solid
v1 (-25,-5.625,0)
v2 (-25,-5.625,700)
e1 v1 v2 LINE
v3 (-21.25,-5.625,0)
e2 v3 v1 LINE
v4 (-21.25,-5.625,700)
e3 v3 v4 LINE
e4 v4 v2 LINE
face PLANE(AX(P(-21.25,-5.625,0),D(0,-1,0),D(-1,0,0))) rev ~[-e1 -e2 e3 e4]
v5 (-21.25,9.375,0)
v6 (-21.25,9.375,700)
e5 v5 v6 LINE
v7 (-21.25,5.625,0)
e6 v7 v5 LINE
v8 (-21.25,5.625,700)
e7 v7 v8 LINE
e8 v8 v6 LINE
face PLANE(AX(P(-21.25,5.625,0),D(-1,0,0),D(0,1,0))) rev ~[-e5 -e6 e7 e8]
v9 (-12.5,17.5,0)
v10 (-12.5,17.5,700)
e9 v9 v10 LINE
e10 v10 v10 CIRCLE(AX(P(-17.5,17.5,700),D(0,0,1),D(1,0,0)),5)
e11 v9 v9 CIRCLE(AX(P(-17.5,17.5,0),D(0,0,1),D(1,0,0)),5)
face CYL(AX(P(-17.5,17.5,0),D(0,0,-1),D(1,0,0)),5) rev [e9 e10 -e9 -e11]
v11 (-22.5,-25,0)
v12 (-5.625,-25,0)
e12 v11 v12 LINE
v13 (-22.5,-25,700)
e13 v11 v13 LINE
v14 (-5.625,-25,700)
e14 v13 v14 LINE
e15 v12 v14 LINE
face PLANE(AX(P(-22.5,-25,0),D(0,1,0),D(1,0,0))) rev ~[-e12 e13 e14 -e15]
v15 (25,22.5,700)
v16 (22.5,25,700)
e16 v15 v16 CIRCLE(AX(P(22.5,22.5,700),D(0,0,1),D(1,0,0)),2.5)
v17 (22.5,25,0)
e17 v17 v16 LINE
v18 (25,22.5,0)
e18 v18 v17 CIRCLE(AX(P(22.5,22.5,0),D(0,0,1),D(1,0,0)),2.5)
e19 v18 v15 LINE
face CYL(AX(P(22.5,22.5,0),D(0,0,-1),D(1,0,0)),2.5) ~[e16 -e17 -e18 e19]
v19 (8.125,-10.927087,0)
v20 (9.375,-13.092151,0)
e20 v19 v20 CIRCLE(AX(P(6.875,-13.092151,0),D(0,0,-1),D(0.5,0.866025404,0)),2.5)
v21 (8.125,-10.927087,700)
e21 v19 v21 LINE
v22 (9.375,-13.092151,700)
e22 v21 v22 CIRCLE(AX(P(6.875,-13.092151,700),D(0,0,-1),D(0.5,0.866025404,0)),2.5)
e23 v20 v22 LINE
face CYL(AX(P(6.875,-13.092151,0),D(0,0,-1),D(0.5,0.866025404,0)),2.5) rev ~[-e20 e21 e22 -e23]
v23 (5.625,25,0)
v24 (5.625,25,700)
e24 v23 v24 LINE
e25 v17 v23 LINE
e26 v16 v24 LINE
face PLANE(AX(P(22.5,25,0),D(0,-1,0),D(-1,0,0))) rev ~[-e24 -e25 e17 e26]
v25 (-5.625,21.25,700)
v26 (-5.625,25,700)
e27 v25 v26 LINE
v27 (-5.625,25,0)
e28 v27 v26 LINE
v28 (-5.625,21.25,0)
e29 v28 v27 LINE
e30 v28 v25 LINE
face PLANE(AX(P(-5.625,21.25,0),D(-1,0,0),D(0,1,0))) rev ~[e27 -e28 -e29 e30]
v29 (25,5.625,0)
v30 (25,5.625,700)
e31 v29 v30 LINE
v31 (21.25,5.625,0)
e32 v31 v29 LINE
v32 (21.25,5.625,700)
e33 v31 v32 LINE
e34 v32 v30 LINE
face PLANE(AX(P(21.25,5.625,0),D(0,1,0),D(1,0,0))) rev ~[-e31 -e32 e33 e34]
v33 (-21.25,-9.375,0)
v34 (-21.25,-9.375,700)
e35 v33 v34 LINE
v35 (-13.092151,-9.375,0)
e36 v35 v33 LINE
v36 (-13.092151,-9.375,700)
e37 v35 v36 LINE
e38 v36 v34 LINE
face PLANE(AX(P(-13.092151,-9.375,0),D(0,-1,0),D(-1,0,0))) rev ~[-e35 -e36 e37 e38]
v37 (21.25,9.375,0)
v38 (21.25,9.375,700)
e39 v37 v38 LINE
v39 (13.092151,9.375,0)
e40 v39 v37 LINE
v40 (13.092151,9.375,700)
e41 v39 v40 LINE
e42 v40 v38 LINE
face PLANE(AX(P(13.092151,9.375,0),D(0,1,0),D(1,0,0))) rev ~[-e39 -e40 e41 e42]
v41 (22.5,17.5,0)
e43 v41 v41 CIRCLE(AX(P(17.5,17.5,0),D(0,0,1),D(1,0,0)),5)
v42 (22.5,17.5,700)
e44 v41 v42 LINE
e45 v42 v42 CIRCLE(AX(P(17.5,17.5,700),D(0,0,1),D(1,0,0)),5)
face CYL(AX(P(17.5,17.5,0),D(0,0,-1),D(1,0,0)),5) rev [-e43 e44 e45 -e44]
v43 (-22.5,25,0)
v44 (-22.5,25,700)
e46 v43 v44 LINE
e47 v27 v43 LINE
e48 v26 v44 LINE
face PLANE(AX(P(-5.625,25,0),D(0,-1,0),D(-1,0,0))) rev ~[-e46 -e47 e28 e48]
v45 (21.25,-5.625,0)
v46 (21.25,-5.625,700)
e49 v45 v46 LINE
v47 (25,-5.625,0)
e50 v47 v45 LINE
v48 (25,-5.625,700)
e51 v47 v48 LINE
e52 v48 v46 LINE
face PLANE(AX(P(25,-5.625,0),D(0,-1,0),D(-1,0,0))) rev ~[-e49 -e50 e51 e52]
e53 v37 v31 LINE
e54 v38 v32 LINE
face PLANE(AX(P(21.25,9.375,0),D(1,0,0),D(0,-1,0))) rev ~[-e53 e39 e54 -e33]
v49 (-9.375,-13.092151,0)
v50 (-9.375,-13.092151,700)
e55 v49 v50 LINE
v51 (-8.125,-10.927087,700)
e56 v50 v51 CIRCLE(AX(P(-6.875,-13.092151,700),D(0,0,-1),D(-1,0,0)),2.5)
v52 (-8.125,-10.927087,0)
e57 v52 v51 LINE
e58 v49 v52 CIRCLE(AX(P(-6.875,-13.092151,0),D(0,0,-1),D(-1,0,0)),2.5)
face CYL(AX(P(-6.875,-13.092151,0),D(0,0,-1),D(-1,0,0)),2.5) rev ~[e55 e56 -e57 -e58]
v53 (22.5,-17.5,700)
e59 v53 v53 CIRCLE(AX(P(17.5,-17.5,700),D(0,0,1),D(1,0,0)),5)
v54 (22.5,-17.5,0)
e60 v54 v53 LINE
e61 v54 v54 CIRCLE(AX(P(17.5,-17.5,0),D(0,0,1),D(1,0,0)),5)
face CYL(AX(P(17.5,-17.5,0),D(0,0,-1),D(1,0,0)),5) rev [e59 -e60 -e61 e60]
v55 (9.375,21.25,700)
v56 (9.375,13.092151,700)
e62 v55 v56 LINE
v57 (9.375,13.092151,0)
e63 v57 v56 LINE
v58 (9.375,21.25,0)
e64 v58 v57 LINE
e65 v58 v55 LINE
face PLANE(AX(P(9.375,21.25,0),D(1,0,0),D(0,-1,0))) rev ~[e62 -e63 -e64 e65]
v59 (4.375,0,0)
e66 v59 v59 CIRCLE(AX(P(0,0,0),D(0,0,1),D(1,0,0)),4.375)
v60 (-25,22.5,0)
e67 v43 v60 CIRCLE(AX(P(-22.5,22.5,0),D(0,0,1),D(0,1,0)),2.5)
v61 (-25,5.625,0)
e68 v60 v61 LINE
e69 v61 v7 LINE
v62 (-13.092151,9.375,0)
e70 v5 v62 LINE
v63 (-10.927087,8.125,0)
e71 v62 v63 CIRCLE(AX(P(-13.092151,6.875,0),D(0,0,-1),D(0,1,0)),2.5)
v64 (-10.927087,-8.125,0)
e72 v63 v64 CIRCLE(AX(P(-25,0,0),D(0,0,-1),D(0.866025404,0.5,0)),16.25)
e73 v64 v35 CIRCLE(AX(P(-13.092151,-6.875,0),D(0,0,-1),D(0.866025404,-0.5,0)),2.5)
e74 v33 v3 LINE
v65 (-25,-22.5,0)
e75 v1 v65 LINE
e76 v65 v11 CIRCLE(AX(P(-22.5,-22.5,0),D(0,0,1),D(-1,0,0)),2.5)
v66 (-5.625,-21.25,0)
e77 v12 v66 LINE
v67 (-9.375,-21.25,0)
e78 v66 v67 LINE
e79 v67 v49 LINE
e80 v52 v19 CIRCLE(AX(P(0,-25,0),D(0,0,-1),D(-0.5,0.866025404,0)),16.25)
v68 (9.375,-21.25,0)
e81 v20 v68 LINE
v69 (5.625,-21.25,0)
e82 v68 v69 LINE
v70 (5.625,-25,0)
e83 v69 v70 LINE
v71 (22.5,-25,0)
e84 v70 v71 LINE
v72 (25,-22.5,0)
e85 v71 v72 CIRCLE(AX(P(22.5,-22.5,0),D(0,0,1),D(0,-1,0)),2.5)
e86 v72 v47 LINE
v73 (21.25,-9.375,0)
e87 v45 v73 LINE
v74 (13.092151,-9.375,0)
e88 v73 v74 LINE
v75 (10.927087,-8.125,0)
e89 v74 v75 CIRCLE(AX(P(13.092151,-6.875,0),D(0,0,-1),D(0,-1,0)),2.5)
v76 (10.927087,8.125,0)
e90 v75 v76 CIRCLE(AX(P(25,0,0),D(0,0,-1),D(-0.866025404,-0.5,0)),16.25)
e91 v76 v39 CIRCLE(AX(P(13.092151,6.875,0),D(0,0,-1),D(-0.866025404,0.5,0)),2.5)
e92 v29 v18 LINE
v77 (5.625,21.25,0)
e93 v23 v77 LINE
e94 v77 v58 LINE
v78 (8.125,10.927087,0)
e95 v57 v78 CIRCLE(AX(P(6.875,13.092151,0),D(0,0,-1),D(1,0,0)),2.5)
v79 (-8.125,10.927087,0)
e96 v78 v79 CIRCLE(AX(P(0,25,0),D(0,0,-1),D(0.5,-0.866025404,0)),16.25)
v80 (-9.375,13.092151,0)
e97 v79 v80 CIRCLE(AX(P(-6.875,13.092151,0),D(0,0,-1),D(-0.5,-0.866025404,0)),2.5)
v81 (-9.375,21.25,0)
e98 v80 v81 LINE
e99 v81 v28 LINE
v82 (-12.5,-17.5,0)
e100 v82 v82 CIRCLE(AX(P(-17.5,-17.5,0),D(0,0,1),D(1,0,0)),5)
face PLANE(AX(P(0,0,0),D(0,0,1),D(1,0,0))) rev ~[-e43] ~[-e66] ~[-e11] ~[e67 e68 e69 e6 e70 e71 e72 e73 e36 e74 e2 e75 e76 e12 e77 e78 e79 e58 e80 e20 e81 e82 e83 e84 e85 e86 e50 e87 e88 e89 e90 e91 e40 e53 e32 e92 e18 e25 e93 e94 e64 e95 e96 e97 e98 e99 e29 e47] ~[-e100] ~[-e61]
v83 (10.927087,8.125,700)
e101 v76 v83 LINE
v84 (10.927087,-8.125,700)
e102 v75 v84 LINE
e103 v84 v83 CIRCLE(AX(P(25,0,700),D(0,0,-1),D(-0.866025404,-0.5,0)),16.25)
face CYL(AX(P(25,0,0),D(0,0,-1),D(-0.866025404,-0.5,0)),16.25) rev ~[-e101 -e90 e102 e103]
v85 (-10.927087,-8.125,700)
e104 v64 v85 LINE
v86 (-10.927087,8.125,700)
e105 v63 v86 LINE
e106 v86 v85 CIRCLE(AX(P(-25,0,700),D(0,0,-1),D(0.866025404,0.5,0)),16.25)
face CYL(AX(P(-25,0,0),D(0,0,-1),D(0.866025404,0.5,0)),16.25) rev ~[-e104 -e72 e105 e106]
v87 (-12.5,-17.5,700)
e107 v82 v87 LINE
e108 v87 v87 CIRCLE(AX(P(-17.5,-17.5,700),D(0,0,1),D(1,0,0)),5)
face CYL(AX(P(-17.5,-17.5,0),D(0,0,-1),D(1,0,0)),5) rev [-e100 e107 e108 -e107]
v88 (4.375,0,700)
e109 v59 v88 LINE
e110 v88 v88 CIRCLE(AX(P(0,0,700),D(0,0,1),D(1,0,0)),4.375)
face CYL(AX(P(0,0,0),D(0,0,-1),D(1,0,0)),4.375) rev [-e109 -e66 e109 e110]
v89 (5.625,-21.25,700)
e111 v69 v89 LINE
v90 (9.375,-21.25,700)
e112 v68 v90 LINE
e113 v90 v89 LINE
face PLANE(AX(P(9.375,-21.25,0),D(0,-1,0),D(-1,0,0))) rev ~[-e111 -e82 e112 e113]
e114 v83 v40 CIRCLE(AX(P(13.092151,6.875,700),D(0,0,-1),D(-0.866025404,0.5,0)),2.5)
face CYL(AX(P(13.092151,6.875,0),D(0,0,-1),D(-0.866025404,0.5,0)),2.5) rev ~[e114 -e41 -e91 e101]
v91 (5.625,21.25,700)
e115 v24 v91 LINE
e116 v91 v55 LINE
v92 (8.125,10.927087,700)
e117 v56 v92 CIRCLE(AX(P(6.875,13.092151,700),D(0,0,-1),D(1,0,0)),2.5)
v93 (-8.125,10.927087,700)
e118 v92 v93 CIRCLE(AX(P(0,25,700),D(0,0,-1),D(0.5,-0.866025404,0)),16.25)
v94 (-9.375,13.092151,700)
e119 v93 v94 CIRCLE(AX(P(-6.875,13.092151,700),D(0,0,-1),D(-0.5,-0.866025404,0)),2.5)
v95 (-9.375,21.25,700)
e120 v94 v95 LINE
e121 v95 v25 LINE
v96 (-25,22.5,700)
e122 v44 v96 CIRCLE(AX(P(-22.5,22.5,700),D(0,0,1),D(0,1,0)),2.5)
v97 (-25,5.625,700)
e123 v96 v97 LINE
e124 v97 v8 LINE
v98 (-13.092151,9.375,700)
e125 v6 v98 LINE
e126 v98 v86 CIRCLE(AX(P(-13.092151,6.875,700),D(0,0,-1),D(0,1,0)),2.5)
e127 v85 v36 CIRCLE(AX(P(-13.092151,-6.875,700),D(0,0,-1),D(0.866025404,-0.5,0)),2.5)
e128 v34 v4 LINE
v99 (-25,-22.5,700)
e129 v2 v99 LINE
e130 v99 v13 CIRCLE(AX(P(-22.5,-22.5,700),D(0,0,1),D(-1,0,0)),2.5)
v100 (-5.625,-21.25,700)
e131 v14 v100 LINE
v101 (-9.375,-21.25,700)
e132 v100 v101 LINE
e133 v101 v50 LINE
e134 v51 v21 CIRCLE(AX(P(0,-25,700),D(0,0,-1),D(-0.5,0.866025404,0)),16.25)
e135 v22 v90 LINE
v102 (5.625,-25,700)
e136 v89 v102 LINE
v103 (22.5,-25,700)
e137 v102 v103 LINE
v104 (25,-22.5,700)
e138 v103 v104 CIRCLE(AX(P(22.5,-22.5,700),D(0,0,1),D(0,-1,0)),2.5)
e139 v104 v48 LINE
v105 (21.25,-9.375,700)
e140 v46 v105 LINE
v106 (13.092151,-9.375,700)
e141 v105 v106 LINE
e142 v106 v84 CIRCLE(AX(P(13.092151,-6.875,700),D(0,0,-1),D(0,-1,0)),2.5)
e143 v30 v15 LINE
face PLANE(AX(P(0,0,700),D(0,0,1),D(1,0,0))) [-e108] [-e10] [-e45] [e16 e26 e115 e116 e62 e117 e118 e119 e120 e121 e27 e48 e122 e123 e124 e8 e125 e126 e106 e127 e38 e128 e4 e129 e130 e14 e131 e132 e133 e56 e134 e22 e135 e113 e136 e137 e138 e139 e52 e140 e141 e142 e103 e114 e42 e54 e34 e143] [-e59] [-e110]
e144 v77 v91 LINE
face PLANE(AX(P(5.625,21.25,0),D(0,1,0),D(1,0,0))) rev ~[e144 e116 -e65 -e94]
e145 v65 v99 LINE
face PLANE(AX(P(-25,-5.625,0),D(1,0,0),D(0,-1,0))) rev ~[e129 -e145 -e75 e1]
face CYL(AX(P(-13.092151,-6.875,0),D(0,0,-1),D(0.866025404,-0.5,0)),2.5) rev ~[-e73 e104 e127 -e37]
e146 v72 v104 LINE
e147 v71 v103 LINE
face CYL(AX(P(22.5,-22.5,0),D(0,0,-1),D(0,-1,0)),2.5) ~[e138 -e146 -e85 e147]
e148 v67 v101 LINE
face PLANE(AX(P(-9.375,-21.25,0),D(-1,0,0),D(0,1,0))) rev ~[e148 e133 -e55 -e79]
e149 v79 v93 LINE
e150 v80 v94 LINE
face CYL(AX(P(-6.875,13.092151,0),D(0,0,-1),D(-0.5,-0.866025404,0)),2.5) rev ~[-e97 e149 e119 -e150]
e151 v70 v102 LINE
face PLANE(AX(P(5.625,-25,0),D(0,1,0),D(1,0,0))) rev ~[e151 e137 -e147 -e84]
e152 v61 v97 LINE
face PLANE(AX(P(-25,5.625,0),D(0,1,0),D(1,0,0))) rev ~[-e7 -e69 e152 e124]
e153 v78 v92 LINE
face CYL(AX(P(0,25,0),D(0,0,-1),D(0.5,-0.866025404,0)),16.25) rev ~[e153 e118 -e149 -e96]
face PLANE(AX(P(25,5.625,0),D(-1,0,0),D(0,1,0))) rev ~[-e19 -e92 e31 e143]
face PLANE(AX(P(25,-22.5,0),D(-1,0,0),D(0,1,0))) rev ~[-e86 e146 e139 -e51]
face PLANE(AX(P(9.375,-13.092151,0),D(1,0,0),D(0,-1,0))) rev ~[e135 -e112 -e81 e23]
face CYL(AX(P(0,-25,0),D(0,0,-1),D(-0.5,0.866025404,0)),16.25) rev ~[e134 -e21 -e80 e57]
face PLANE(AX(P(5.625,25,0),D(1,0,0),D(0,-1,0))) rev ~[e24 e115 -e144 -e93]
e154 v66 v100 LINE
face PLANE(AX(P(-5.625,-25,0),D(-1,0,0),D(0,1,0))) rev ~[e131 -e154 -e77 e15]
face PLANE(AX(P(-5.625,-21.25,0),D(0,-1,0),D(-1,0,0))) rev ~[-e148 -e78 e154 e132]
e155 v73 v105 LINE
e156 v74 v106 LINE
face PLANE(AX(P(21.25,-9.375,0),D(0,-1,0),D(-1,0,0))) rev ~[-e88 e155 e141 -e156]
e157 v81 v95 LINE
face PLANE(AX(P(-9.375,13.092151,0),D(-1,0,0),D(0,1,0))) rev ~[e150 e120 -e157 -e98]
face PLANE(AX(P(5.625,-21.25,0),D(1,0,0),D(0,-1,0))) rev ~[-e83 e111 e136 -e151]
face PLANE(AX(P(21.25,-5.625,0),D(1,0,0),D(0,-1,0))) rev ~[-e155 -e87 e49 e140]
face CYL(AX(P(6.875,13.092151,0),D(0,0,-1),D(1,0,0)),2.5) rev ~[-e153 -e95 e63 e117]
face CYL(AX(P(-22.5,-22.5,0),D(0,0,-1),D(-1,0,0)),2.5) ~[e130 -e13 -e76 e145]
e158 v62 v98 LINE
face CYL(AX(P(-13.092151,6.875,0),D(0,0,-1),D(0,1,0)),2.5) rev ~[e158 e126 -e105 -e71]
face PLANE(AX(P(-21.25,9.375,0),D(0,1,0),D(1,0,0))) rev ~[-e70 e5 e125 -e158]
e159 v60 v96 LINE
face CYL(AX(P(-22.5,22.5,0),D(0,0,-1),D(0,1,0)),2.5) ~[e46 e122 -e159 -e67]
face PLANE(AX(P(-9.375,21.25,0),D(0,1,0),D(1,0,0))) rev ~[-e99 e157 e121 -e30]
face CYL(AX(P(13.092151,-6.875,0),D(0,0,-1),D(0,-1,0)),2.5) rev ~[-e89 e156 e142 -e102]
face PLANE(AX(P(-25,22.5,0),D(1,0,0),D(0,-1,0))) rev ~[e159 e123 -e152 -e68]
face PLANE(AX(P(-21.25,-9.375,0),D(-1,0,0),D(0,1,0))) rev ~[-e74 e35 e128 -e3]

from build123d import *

# Parameters (mm, degrees)
SKETCH1_R           = 5
SKETCH1_R_2         = 4.375
BOSS_EXTRUDE1_DEPTH = 700


with BuildPart() as part:
    # Sketch1 → Boss-Extrude1 (new body)
    with BuildSketch(Plane.XY):
        with BuildLine():
            Line((-25, 22.5), (-25, 5.625))
            Line((-25, 5.625), (-21.25, 5.625))
            Line((-21.25, 5.625), (-21.25, 9.375))
            Line((-21.25, 9.375), (-13.092150698, 9.375))
            ThreePointArc((-13.092150698, 9.375), (-11.842150698, 9.040063509), (-10.927087189, 8.125))
            ThreePointArc((-10.927087189, 8.125), (-8.75, 0), (-10.927087189, -8.125))
            ThreePointArc((-10.927087189, -8.125), (-11.842150698, -9.040063509), (-13.092150698, -9.375))
            Line((-13.092150698, -9.375), (-21.25, -9.375))
            Line((-21.25, -9.375), (-21.25, -5.625))
            Line((-21.25, -5.625), (-25, -5.625))
            Line((-25, -5.625), (-25, -22.5))
            ThreePointArc((-25, -22.5), (-24.267766953, -24.267766953), (-22.5, -25))
            Line((-22.5, -25), (-5.625, -25))
            Line((-5.625, -25), (-5.625, -21.25))
            Line((-5.625, -21.25), (-9.375, -21.25))
            Line((-9.375, -21.25), (-9.375, -13.092150698))
            ThreePointArc((-9.375, -13.092150698), (-9.040063509, -11.842150698), (-8.125, -10.927087189))
            ThreePointArc((-8.125, -10.927087189), (0, -8.75), (8.125, -10.927087189))
            ThreePointArc((8.125, -10.927087189), (9.040063509, -11.842150698), (9.375, -13.092150698))
            Line((9.375, -13.092150698), (9.375, -21.25))
            Line((9.375, -21.25), (5.625, -21.25))
            Line((5.625, -21.25), (5.625, -25))
            Line((5.625, -25), (22.5, -25))
            ThreePointArc((22.5, -25), (24.267766953, -24.267766953), (25, -22.5))
            Line((25, -22.5), (25, -5.625))
            Line((25, -5.625), (21.25, -5.625))
            Line((21.25, -5.625), (21.25, -9.375))
            Line((21.25, -9.375), (13.092150698, -9.375))
            ThreePointArc((13.092150698, -9.375), (11.842150698, -9.040063509), (10.927087189, -8.125))
            ThreePointArc((10.927087189, -8.125), (8.75, 0), (10.927087189, 8.125))
            ThreePointArc((10.927087189, 8.125), (11.842150698, 9.040063509), (13.092150698, 9.375))
            Line((13.092150698, 9.375), (21.25, 9.375))
            Line((21.25, 9.375), (21.25, 5.625))
            Line((21.25, 5.625), (25, 5.625))
            Line((25, 5.625), (25, 22.5))
            ThreePointArc((25, 22.5), (24.267766953, 24.267766953), (22.5, 25))
            Line((22.5, 25), (5.625, 25))
            Line((5.625, 25), (5.625, 21.25))
            Line((5.625, 21.25), (9.375, 21.25))
            Line((9.375, 21.25), (9.375, 13.092150698))
            ThreePointArc((9.375, 13.092150698), (9.040063509, 11.842150698), (8.125, 10.927087189))
            ThreePointArc((8.125, 10.927087189), (0, 8.75), (-8.125, 10.927087189))
            ThreePointArc((-8.125, 10.927087189), (-9.040063509, 11.842150698), (-9.375, 13.092150698))
            Line((-9.375, 13.092150698), (-9.375, 21.25))
            Line((-9.375, 21.25), (-5.625, 21.25))
            Line((-5.625, 21.25), (-5.625, 25))
            Line((-5.625, 25), (-22.5, 25))
            ThreePointArc((-22.5, 25), (-24.267766953, 24.267766953), (-25, 22.5))
        make_face()
        with Locations((-17.5, -17.5)):
            Circle(SKETCH1_R, mode=Mode.SUBTRACT)
        with Locations((17.5, -17.5)):
            Circle(SKETCH1_R, mode=Mode.SUBTRACT)
        with Locations((17.5, 17.5)):
            Circle(SKETCH1_R, mode=Mode.SUBTRACT)
        Circle(SKETCH1_R_2, mode=Mode.SUBTRACT)
        with Locations((-17.5, 17.5)):
            Circle(SKETCH1_R, mode=Mode.SUBTRACT)
    extrude(amount=BOSS_EXTRUDE1_DEPTH)


solid = part.part
